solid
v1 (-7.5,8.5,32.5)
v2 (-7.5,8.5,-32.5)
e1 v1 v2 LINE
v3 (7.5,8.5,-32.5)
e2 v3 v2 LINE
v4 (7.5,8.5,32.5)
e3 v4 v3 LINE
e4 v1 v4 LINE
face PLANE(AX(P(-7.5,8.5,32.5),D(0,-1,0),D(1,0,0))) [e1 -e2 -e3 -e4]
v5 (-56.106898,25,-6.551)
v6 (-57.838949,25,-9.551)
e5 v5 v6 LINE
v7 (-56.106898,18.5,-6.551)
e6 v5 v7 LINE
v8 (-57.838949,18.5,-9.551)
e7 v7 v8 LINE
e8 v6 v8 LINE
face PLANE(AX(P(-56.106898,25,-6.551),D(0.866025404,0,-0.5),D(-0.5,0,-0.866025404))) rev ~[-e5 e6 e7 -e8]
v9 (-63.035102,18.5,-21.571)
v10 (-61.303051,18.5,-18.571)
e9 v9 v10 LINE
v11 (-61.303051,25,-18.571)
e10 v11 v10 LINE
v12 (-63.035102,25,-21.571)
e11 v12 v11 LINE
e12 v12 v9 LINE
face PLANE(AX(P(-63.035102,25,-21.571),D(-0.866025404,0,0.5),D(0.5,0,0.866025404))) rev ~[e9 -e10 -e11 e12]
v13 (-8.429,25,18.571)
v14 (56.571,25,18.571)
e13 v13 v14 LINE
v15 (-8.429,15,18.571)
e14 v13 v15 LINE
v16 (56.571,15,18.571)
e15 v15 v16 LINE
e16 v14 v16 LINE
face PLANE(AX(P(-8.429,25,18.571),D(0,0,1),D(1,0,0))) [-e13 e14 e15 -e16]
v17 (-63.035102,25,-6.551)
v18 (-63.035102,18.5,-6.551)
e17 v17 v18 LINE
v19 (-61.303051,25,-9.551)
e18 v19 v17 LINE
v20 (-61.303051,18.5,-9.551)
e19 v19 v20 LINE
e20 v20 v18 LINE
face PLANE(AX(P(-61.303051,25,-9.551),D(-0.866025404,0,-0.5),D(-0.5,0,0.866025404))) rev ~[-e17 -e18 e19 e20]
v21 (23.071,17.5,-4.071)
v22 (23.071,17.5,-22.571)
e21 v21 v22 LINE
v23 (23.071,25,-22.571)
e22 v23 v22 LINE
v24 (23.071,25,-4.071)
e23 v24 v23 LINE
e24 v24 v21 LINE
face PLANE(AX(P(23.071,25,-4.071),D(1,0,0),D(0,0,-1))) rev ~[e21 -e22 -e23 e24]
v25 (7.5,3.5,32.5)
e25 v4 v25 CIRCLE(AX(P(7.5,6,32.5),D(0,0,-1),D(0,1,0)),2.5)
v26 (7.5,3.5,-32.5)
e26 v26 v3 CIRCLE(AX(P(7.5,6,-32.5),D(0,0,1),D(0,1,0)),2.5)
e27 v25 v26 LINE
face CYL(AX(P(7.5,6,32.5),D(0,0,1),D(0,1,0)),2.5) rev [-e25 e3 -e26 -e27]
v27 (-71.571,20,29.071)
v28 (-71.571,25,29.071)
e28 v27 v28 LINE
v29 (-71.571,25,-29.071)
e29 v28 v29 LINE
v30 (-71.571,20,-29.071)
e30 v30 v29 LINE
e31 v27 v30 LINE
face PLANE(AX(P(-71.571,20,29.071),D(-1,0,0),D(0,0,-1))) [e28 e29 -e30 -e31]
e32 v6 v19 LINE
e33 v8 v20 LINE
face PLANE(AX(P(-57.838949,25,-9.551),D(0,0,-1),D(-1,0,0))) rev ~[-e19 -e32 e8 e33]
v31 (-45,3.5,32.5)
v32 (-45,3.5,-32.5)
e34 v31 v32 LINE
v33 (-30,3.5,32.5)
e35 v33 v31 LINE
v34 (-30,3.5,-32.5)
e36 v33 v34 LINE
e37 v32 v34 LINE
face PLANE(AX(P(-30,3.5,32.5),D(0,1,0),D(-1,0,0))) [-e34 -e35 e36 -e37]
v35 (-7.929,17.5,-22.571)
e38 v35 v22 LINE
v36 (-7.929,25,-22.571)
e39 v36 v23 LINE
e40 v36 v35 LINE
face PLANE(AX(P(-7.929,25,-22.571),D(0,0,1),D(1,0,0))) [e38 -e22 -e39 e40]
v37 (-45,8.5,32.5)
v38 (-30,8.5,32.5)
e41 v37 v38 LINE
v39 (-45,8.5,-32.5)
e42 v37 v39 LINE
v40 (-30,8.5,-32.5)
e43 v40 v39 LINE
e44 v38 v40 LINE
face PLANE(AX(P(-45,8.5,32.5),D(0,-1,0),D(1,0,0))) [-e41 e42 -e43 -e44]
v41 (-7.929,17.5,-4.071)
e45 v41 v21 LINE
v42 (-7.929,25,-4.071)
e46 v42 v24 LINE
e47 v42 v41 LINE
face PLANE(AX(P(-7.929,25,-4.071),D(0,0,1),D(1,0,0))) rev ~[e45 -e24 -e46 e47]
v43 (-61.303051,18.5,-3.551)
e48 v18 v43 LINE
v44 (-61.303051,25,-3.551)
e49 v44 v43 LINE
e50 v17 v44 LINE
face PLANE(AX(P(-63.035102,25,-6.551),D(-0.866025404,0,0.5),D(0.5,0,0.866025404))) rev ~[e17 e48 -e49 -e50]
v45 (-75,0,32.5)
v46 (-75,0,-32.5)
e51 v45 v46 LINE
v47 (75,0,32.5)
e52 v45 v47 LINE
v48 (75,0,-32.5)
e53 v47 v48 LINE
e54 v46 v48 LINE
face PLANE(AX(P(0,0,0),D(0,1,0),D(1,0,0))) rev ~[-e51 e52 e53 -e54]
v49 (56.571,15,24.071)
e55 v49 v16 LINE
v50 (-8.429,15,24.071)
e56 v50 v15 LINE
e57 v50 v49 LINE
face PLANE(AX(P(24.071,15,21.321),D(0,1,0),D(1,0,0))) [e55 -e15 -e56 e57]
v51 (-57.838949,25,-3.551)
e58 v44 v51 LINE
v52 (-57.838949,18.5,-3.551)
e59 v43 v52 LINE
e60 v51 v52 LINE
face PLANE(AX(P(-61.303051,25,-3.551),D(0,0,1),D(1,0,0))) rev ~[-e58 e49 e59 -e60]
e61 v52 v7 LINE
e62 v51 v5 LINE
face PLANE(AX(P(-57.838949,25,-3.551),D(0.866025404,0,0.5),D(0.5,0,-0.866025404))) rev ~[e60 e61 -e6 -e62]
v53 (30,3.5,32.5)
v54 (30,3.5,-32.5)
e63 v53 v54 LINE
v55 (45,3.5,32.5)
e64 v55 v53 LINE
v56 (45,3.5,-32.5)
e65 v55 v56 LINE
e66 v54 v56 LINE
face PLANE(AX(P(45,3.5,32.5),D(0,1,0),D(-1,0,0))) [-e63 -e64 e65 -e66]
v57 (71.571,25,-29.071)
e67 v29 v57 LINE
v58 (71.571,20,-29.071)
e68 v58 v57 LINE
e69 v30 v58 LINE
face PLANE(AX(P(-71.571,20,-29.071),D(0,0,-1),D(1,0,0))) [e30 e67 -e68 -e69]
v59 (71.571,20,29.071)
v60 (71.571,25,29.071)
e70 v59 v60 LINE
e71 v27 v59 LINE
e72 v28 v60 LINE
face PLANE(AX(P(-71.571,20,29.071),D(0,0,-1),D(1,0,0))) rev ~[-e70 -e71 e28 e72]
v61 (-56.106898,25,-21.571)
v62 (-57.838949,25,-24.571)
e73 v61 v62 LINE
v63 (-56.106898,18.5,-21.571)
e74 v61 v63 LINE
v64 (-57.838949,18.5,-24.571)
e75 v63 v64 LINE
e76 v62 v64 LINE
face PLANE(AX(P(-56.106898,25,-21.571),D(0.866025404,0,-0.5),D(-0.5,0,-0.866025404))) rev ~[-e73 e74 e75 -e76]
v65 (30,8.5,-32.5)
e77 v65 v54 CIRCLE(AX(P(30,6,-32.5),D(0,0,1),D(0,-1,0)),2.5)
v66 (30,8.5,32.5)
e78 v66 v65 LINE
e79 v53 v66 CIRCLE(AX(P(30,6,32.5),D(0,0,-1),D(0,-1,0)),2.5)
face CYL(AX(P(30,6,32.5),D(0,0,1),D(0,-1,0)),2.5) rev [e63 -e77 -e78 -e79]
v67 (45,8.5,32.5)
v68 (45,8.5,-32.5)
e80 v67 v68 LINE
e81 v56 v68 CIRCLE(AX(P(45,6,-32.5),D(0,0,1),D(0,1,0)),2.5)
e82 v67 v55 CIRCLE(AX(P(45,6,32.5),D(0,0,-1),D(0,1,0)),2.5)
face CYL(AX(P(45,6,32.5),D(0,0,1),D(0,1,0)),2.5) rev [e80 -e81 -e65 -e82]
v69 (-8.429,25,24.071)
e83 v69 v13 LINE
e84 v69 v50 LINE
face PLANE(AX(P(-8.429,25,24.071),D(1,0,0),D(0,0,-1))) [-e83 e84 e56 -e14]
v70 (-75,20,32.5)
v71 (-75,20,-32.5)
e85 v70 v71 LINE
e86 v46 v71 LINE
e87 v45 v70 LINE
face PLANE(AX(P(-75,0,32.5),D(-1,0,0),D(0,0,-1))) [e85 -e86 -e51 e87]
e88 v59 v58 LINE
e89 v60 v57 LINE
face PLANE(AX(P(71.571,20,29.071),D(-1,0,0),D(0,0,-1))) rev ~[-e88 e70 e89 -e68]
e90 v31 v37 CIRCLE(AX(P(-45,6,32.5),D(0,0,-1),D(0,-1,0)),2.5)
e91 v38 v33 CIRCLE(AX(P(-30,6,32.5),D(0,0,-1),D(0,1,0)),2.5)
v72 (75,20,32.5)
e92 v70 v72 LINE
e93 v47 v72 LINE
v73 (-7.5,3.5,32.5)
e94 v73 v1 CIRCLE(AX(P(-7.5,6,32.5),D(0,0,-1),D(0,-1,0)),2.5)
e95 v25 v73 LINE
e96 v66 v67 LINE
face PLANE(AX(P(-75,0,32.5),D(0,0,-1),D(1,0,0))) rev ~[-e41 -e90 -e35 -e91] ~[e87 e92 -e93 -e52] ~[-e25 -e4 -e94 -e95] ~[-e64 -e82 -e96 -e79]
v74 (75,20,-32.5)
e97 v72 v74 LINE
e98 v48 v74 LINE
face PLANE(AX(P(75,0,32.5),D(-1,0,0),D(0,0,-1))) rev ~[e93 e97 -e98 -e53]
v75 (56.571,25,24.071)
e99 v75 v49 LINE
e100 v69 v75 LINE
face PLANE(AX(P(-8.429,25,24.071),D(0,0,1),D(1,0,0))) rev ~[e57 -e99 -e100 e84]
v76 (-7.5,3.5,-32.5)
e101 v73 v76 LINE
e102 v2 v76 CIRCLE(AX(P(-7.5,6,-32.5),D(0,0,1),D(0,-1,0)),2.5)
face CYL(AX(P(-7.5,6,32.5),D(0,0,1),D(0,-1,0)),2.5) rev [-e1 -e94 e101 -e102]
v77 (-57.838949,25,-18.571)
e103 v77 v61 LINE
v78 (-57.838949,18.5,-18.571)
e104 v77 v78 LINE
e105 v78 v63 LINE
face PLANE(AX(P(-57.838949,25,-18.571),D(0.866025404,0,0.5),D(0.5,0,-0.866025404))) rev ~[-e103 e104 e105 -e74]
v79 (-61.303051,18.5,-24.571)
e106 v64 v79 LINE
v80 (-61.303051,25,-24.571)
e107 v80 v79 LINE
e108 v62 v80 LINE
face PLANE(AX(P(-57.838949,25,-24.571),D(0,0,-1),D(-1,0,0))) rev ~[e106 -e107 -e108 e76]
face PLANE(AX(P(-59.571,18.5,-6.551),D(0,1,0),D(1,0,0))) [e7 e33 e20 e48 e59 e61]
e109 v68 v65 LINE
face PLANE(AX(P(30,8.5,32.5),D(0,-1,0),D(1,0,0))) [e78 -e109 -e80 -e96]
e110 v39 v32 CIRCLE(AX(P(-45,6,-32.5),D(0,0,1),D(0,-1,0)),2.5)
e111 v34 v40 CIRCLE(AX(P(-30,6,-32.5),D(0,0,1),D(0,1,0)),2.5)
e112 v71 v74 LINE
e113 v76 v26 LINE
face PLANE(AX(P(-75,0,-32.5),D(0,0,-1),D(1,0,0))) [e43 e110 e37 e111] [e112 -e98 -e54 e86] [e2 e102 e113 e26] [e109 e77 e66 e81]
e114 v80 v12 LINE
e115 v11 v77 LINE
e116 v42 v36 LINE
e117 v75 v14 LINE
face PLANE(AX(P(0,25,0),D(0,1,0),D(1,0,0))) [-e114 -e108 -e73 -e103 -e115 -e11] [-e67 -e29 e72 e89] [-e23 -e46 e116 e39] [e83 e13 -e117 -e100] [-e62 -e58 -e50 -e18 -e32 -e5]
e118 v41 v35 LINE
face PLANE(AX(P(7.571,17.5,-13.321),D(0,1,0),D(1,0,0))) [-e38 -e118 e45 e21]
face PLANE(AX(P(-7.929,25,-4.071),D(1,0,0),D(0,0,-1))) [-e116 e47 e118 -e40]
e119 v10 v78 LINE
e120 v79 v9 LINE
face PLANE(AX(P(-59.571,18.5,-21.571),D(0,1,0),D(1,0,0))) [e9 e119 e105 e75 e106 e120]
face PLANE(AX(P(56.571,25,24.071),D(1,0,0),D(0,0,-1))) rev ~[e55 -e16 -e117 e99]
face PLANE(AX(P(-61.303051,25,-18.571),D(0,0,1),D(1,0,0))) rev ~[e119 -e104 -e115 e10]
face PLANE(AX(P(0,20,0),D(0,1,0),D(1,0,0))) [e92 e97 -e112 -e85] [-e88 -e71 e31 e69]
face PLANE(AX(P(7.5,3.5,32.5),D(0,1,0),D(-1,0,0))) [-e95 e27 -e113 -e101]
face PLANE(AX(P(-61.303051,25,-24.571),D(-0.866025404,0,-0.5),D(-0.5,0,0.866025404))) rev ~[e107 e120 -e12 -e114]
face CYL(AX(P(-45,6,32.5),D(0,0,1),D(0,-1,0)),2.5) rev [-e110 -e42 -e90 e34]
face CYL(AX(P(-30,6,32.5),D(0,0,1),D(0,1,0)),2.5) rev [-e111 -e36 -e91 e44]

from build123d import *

# Parameters (mm, degrees)
SKETCH1_W           = 150
SKETCH1_H           = 65
BOSS_EXTRUDE1_DEPTH = 20
CUT_EXTRUDE1_DEPTH  = 66
SKETCH3_W           = 143.142
SKETCH3_H           = 58.142
BOSS_EXTRUDE2_DEPTH = 5
CUT_EXTRUDE2_DEPTH  = 6.5
SKETCH6_W           = 65
SKETCH6_H           = 5.5
CUT_EXTRUDE3_DEPTH  = 10
SKETCH7_W           = 31
SKETCH7_H           = 18.5
CUT_EXTRUDE4_DEPTH  = 7.5


with BuildPart() as part:
    # Sketch1 → Boss-Extrude1 (new body)
    with BuildSketch(Plane(origin=(0, 0, 0), x_dir=(1, 0, 0), z_dir=(0, 1, 0))):
        Rectangle(SKETCH1_W, SKETCH1_H)
    extrude(amount=BOSS_EXTRUDE1_DEPTH)

    # Sketch2 → Cut-Extrude1 (cut, through all)
    with BuildSketch(Plane.XY.offset(32.5)):
        with BuildLine():
            Line((-7.5, 8.5), (7.5, 8.5))
            ThreePointArc((7.5, 8.5), (10, 6), (7.5, 3.5))
            Line((7.5, 3.5), (-7.5, 3.5))
            ThreePointArc((-7.5, 3.5), (-10, 6), (-7.5, 8.5))
        make_face()
        with BuildLine():
            Line((-45, 8.5), (-30, 8.5))
            ThreePointArc((-30, 8.5), (-27.5, 6), (-30, 3.5))
            Line((-30, 3.5), (-45, 3.5))
            ThreePointArc((-45, 3.5), (-47.5, 6), (-45, 8.5))
        make_face()
        with BuildLine():
            Line((30, 8.5), (45, 8.5))
            ThreePointArc((45, 8.5), (47.5, 6), (45, 3.5))
            Line((45, 3.5), (30, 3.5))
            ThreePointArc((30, 3.5), (27.5, 6), (30, 8.5))
        make_face()
    extrude(amount=-CUT_EXTRUDE1_DEPTH, mode=Mode.SUBTRACT)

    # Sketch3 → Boss-Extrude2 (add)
    with BuildSketch(Plane(origin=(0, 20, 0), x_dir=(1, 0, 0), z_dir=(0, 1, 0))):
        Rectangle(SKETCH3_W, SKETCH3_H)
    extrude(amount=BOSS_EXTRUDE2_DEPTH)

    # Sketch4 → Cut-Extrude2 (cut)
    with BuildSketch(Plane(origin=(0, 25, 0), x_dir=(1, 0, 0), z_dir=(0, 1, 0))):
        Polygon((-61.303050808, 24.571), (-63.035101615, 21.571), (-61.303050808, 18.571), (-57.838949192, 18.571), (-56.106898385, 21.571), (-57.838949192, 24.571), align=None)
        Polygon((-61.303050808, 9.551), (-63.035101615, 6.551), (-61.303050808, 3.551), (-57.838949192, 3.551), (-56.106898385, 6.551), (-57.838949192, 9.551), align=None)
    extrude(amount=-CUT_EXTRUDE2_DEPTH, mode=Mode.SUBTRACT)

    # Sketch6 → Cut-Extrude3 (cut)
    with BuildSketch(Plane(origin=(0, 25, 0), x_dir=(1, 0, 0), z_dir=(0, 1, 0))):
        with Locations((24.071, -21.321)):
            Rectangle(SKETCH6_W, SKETCH6_H)
    extrude(amount=-CUT_EXTRUDE3_DEPTH, mode=Mode.SUBTRACT)

    # Sketch7 → Cut-Extrude4 (cut)
    with BuildSketch(Plane(origin=(0, 25, 0), x_dir=(1, 0, 0), z_dir=(0, 1, 0))):
        with Locations((7.571, 13.321)):
            Rectangle(SKETCH7_W, SKETCH7_H)
    extrude(amount=-CUT_EXTRUDE4_DEPTH, mode=Mode.SUBTRACT)


solid = part.part
